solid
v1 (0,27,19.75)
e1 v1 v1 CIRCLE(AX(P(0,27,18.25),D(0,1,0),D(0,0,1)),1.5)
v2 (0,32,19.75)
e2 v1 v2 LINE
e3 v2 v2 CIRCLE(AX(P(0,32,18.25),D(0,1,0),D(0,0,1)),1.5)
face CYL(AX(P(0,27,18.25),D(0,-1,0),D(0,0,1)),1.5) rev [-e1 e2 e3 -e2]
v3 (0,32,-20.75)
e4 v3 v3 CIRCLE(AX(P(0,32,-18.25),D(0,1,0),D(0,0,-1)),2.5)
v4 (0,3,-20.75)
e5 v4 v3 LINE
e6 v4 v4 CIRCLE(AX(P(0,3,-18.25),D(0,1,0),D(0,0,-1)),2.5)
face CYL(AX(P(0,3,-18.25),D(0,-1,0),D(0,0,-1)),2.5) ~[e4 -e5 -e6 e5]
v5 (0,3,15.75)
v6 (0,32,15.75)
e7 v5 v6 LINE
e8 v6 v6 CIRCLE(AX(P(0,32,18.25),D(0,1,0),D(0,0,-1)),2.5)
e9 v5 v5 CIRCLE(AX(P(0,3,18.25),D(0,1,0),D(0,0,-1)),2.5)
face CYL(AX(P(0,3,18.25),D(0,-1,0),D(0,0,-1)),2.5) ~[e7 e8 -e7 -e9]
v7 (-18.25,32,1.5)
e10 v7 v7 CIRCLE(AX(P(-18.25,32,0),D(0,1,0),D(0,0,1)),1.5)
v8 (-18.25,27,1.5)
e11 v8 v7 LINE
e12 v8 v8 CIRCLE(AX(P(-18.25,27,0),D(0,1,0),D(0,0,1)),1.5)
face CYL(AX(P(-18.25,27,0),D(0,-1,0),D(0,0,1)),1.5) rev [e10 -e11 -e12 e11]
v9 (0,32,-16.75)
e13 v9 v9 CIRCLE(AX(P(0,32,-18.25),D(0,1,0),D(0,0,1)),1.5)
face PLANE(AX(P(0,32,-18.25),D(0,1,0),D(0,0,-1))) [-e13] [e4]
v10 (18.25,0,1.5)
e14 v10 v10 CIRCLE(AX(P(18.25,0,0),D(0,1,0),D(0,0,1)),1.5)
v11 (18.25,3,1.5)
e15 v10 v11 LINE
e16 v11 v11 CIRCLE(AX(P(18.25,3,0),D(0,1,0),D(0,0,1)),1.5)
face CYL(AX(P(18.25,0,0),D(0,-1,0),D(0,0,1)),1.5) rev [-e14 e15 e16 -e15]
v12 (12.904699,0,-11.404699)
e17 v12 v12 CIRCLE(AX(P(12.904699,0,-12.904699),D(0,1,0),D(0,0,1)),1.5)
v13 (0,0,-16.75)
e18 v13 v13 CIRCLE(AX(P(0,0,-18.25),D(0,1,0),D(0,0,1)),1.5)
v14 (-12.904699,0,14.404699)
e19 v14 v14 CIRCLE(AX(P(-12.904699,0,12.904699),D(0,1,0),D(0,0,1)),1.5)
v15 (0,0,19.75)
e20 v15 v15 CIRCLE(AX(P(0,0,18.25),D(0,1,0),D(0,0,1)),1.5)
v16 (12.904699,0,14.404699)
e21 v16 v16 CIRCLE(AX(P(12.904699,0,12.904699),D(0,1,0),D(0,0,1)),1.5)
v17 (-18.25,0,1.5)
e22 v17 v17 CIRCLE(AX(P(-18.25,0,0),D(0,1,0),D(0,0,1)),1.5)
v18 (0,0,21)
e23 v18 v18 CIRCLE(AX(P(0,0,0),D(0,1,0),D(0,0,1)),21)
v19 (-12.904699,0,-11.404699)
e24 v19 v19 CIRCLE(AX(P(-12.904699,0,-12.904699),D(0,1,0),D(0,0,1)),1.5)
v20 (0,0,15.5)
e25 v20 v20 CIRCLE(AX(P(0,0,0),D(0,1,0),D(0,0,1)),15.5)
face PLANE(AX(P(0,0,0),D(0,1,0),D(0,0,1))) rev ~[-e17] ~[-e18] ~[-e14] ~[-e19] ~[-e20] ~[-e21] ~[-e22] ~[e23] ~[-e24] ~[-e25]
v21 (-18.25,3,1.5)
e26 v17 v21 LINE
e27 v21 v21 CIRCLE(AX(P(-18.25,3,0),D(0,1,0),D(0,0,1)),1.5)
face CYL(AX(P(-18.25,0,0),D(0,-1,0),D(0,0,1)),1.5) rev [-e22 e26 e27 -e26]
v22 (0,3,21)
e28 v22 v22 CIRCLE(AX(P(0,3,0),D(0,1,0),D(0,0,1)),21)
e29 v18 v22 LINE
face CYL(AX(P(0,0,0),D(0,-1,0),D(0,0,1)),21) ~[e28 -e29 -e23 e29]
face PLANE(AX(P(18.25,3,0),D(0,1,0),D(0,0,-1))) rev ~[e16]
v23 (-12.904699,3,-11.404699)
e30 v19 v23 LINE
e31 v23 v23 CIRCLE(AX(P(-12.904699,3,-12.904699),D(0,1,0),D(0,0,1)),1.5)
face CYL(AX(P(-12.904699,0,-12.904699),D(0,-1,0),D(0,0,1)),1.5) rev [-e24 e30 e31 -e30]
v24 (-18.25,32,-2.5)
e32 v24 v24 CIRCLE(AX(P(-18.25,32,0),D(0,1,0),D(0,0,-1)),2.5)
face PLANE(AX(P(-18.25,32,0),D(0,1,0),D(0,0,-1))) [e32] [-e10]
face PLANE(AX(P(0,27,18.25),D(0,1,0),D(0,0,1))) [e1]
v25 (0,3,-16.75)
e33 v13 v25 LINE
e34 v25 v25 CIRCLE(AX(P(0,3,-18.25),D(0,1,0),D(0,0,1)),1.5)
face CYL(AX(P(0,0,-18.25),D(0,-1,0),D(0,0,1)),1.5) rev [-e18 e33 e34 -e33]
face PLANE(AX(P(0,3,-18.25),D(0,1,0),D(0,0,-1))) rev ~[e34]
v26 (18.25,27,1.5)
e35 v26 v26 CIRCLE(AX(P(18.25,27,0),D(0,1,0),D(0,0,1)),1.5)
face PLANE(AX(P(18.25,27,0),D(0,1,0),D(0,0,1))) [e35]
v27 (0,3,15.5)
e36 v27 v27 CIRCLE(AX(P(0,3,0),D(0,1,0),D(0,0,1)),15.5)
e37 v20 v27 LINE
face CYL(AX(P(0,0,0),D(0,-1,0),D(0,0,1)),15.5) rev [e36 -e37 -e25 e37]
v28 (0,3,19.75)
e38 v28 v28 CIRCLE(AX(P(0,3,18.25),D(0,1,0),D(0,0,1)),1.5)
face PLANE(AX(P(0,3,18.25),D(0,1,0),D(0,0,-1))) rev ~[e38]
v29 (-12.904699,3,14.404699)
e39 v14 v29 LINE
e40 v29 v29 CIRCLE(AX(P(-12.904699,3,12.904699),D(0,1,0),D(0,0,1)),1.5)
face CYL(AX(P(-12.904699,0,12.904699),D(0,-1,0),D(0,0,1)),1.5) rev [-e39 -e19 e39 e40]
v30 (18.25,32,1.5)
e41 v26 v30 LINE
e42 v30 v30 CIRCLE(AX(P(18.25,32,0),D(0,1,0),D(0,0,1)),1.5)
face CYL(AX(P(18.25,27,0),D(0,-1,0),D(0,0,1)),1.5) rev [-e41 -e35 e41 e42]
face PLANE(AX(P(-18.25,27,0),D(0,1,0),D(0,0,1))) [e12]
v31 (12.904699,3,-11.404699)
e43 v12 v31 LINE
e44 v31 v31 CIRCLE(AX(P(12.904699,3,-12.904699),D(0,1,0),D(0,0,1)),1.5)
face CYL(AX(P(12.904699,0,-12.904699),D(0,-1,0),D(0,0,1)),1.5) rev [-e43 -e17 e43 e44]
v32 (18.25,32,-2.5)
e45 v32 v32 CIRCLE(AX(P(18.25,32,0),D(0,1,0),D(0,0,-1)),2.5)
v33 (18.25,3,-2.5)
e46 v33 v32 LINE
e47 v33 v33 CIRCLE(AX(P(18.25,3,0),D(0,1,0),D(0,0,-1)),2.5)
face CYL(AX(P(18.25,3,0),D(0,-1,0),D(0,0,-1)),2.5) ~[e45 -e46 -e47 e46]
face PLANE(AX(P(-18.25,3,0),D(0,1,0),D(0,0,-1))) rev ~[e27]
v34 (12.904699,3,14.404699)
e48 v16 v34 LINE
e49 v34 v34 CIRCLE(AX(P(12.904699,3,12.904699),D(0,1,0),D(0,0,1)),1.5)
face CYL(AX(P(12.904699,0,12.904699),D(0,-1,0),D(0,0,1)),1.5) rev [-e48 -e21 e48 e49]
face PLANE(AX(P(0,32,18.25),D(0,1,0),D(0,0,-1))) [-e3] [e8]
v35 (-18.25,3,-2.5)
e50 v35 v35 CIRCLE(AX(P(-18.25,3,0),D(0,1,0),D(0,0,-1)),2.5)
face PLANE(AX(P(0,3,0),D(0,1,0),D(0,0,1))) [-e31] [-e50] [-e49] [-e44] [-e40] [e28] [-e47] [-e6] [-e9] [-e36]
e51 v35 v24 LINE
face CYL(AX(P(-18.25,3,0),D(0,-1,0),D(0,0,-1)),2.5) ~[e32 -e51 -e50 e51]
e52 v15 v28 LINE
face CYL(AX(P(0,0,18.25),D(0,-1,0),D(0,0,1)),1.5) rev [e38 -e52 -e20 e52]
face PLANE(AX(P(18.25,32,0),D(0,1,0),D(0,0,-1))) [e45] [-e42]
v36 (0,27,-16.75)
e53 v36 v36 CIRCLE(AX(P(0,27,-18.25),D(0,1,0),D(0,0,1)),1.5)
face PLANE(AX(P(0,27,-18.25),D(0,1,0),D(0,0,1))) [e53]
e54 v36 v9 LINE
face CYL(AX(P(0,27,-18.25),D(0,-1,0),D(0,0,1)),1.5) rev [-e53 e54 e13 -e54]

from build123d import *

# Parameters (mm, degrees)
SKETCH1_R           = 21
SKETCH1_R_2         = 15.5
SKETCH1_R_3         = 1.5
BOSS_EXTRUDE1_DEPTH = 3
SKETCH2_R           = 2.5
BOSS_EXTRUDE2_DEPTH = 29
CUT_EXTRUDE1_START  = -5
SKETCH3_R           = 1.5
CUT_EXTRUDE1_DEPTH  = 5


with BuildPart() as part:
    # Sketch1 → Boss-Extrude1 (new body)
    with BuildSketch(Plane(origin=(0, 0, 0), x_dir=(1, 0, 0), z_dir=(0, 1, 0))):
        with Locations(Location((0, 0, 0), (0, 0, 270))):
            Circle(SKETCH1_R)
        with Locations(Location((0, 0, 0), (0, 0, 270))):
            Circle(SKETCH1_R_2, mode=Mode.SUBTRACT)
        with Locations(Location((0, 18.25, 0), (0, 0, 270))):
            Circle(SKETCH1_R_3, mode=Mode.SUBTRACT)
        with Locations(Location((12.904698757, 12.904698757, 0), (0, 0, 270))):
            Circle(SKETCH1_R_3, mode=Mode.SUBTRACT)
        with Locations(Location((18.25, 0, 0), (0, 0, 270))):
            Circle(SKETCH1_R_3, mode=Mode.SUBTRACT)
        with Locations(Location((12.904698757, -12.904698757, 0), (0, 0, 270))):
            Circle(SKETCH1_R_3, mode=Mode.SUBTRACT)
        with Locations(Location((0, -18.25, 0), (0, 0, 270))):
            Circle(SKETCH1_R_3, mode=Mode.SUBTRACT)
        with Locations(Location((-12.904698757, -12.904698757, 0), (0, 0, 270))):
            Circle(SKETCH1_R_3, mode=Mode.SUBTRACT)
        with Locations(Location((-18.25, 0, 0), (0, 0, 270))):
            Circle(SKETCH1_R_3, mode=Mode.SUBTRACT)
        with Locations(Location((-12.904698757, 12.904698757, 0), (0, 0, 270))):
            Circle(SKETCH1_R_3, mode=Mode.SUBTRACT)
    extrude(amount=BOSS_EXTRUDE1_DEPTH)

    # Sketch2 → Boss-Extrude2 (add)
    with BuildSketch(Plane(origin=(0, 3, 0), x_dir=(1, 0, 0), z_dir=(0, 1, 0))):
        with Locations(Location((0, 18.25, 0), (0, 0, 90))):
            Circle(SKETCH2_R)
        with Locations(Location((18.25, 0, 0), (0, 0, 90))):
            Circle(SKETCH2_R)
        with Locations(Location((0, -18.25, 0), (0, 0, 90))):
            Circle(SKETCH2_R)
        with Locations(Location((-18.25, 0, 0), (0, 0, 90))):
            Circle(SKETCH2_R)
    extrude(amount=BOSS_EXTRUDE2_DEPTH)

    # Sketch3 → Cut-Extrude1 (cut)
    with BuildSketch(Plane(origin=(0, 32, 0), x_dir=(1, 0, 0), z_dir=(0, 1, 0)).offset(CUT_EXTRUDE1_START)):
        with Locations(Location((18.25, 0, 0), (0, 0, 270))):
            Circle(SKETCH3_R)
        with Locations(Location((0, 18.25, 0), (0, 0, 270))):
            Circle(SKETCH3_R)
        with Locations(Location((0, -18.25, 0), (0, 0, 270))):
            Circle(SKETCH3_R)
        with Locations(Location((-18.25, 0, 0), (0, 0, 270))):
            Circle(SKETCH3_R)
    extrude(amount=CUT_EXTRUDE1_DEPTH, mode=Mode.SUBTRACT)


solid = part.part
